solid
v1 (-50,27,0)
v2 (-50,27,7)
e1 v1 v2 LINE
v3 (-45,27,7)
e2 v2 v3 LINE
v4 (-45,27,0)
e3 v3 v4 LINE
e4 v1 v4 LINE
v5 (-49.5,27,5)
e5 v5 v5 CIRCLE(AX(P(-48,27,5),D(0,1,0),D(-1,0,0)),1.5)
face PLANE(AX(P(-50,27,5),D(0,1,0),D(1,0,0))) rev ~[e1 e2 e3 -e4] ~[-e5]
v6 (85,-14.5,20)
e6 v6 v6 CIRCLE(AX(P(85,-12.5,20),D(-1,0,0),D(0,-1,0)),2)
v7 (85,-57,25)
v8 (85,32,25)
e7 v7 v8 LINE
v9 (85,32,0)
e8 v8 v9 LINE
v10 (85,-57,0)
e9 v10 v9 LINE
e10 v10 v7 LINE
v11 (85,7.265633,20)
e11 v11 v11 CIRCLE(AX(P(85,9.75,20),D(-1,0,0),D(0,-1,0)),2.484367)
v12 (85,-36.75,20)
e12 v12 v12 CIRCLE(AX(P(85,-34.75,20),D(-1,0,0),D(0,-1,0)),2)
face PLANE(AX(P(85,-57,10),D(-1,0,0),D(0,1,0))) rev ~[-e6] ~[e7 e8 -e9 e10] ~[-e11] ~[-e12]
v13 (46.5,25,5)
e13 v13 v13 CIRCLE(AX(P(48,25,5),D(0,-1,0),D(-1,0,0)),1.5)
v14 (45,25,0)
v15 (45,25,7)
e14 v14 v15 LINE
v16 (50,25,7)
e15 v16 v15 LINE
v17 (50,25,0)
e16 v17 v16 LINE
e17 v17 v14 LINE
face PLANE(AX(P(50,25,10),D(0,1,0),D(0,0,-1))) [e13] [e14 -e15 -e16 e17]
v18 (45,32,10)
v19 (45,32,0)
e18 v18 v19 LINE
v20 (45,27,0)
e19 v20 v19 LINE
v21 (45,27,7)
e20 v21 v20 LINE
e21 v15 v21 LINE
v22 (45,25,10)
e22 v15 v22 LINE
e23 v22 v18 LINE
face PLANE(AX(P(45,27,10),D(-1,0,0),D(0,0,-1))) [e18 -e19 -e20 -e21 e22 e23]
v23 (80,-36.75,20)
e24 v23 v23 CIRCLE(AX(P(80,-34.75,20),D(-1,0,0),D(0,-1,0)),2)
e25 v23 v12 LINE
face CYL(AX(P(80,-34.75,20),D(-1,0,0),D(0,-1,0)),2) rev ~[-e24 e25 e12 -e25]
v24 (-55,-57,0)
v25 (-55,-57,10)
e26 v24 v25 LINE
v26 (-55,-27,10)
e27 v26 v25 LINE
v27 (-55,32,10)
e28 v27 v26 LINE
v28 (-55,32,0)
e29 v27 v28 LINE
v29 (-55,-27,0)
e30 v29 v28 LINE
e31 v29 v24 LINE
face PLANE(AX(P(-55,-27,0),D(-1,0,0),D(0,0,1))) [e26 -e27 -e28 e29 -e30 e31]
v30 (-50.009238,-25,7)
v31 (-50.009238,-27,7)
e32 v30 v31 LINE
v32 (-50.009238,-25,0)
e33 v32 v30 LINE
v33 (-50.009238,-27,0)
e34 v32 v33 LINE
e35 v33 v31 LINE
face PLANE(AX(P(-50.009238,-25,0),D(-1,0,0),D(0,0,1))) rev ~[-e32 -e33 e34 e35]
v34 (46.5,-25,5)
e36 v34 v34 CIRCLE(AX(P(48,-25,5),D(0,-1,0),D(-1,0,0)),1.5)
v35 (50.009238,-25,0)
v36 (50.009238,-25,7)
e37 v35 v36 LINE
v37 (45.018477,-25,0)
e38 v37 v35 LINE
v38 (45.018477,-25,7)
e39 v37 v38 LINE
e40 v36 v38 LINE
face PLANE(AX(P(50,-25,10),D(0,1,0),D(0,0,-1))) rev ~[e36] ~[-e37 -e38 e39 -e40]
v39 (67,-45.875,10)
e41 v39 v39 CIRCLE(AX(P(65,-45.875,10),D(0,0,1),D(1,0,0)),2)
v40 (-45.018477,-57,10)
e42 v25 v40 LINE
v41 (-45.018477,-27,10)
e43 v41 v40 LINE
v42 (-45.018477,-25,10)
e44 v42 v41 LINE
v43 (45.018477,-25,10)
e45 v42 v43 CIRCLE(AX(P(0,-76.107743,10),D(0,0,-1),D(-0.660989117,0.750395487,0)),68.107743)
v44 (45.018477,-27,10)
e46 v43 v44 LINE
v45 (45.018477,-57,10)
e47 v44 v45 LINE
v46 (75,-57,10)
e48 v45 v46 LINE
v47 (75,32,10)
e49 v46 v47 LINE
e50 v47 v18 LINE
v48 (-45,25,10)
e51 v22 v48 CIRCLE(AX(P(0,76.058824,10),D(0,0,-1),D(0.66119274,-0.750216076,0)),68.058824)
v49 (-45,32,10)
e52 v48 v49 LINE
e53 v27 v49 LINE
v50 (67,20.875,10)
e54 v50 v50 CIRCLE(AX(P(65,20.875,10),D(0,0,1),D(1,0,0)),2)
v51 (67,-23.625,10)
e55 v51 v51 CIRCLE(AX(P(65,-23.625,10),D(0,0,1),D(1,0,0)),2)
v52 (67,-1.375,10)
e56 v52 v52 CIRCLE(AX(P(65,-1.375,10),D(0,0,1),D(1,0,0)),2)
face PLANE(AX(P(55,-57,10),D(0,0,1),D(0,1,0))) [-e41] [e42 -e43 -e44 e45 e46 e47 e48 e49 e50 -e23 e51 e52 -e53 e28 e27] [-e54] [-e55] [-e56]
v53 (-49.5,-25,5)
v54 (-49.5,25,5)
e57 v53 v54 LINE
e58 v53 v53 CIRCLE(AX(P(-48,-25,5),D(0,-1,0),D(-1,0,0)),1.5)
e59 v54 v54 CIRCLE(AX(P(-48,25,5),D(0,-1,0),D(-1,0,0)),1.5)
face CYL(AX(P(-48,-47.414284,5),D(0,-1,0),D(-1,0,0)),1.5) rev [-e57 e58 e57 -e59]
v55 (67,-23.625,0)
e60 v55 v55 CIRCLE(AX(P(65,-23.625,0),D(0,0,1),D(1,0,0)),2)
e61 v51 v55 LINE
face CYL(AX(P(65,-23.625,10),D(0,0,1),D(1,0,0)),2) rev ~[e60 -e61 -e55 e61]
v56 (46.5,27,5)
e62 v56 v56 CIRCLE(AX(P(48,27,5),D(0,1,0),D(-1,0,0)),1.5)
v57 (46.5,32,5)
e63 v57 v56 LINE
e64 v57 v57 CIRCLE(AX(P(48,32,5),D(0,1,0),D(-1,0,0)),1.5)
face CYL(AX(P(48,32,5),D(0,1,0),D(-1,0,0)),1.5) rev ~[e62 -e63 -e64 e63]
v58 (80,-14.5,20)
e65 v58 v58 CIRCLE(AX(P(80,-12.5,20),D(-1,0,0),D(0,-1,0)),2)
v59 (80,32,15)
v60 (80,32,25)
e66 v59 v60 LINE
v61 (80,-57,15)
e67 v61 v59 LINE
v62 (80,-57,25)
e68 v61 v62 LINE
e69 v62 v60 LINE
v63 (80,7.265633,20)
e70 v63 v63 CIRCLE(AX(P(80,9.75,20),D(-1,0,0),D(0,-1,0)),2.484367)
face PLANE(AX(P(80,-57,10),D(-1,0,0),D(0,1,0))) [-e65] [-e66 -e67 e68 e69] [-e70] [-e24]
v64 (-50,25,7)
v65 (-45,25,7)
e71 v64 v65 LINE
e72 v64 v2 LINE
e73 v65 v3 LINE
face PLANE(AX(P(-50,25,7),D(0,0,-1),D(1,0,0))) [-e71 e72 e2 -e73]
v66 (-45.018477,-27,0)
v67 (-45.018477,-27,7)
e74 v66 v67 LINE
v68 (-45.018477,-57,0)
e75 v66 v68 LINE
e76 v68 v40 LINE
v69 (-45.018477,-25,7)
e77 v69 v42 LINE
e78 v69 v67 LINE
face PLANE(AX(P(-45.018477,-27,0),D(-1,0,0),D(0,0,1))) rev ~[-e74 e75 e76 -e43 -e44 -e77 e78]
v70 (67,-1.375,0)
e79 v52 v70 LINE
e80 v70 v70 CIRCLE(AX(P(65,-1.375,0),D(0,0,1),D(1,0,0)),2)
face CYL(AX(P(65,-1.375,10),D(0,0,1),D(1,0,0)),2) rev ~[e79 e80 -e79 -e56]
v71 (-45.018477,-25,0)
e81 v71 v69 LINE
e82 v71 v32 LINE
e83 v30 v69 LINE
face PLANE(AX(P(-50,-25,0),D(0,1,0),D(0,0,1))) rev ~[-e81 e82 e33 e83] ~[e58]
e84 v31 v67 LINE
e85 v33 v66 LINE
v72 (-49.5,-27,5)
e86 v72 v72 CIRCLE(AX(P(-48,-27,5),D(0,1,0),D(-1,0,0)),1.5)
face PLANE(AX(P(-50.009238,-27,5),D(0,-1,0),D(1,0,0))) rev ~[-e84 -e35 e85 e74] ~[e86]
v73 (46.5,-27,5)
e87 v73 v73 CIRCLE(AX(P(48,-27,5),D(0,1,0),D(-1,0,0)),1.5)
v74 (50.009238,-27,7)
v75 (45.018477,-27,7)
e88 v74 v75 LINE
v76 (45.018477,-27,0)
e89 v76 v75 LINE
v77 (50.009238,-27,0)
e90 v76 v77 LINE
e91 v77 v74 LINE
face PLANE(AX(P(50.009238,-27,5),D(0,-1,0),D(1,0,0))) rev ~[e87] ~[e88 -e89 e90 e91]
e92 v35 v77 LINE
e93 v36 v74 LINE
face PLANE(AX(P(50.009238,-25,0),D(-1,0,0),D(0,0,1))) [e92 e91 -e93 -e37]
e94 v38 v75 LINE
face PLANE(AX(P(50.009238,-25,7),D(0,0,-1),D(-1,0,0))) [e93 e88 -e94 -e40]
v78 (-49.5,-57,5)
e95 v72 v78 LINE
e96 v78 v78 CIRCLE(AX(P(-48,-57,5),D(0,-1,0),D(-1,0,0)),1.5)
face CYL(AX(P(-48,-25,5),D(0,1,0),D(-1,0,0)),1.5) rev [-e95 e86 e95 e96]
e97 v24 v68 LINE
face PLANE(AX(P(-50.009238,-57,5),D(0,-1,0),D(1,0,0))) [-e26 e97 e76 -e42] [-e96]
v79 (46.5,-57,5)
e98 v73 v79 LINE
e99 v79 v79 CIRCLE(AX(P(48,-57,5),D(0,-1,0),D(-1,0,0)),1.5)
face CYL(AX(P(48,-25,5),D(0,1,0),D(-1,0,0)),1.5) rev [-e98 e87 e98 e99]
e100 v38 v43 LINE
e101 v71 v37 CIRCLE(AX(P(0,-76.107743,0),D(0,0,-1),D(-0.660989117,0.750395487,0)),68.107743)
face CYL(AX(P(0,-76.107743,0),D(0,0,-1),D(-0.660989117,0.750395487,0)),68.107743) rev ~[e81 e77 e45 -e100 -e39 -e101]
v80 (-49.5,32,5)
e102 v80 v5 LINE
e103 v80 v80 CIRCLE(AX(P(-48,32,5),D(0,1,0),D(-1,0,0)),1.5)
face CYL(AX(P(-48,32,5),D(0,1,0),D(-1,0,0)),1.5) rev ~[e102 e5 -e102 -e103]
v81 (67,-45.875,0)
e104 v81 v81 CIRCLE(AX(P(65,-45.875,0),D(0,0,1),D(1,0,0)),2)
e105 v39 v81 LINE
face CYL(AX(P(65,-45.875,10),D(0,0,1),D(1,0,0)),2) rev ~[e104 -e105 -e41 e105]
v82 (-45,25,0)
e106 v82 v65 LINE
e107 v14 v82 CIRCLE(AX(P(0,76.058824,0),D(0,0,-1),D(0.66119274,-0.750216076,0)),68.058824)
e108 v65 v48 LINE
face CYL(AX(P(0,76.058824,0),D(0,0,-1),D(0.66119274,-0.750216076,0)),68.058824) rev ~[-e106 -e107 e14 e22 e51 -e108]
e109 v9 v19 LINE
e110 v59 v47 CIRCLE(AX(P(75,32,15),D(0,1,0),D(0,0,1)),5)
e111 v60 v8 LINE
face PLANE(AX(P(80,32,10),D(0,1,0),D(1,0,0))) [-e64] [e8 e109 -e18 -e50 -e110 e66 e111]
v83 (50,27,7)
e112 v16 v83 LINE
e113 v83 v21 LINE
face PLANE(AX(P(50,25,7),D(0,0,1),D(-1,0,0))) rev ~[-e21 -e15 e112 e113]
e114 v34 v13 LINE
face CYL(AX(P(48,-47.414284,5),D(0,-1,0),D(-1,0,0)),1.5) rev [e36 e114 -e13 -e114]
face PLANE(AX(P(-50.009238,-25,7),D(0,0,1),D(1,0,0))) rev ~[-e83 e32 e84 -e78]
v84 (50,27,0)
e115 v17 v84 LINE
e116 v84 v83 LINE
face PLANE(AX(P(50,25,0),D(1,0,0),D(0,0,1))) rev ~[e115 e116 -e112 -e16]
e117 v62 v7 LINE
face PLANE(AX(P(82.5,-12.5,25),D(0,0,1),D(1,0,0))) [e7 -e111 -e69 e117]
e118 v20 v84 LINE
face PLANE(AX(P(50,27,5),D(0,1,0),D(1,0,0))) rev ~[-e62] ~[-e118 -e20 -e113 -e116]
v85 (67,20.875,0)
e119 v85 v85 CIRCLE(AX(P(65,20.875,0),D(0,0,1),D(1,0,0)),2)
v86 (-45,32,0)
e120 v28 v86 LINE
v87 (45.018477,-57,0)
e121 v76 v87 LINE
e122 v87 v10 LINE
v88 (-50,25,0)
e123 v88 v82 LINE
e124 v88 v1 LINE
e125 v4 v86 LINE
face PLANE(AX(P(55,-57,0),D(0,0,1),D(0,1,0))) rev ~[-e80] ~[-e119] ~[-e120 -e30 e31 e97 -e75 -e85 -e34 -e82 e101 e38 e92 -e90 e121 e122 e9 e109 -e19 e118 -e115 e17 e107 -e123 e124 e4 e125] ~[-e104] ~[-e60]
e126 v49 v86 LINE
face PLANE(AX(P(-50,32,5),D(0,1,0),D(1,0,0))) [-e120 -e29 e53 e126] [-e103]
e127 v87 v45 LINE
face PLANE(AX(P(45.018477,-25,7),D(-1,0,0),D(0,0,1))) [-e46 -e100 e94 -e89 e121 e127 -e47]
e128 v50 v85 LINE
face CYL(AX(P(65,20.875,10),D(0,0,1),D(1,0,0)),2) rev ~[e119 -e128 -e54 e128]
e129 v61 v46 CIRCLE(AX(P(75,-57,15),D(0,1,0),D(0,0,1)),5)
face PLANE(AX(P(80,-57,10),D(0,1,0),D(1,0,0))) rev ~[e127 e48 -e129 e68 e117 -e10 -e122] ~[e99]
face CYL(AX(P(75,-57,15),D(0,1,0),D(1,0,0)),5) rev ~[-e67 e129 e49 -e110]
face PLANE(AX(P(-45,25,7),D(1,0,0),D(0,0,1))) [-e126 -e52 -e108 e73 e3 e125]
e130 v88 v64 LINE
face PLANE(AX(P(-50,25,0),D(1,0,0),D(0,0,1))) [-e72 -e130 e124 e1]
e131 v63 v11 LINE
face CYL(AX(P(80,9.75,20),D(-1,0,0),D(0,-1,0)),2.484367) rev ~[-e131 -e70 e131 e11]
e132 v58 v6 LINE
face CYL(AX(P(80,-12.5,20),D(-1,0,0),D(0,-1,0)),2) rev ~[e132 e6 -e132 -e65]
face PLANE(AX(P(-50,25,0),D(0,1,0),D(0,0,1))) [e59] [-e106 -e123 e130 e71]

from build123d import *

# Parameters (mm, degrees)
BOSS_EXTRUDE1_DEPTH     = 10
CUT_EXTRUDE1_DEPTH      = 72.414284285
CUT_EXTRUDE1_DEPTH_BACK = 72.414284285
SKETCH2_R               = 1.5
SKETCH9_W               = 10
SKETCH9_H               = 50
BOSS_EXTRUDE9_DEPTH     = 5
SKETCH10_W              = 10
SKETCH10_H              = 50
BOSS_EXTRUDE10_DEPTH    = 5
BOSS_EXTRUDE11_DEPTH    = 2
SKETCH12_W              = 10
SKETCH12_H              = 10
BOSS_EXTRUDE12_DEPTH    = 5
CUT_EXTRUDE2_START      = 7
SKETCH13_R              = 1.5
CUT_EXTRUDE2_DEPTH      = 7
BOSS_EXTRUDE13_DEPTH    = 2
SKETCH15_W              = 9.981523119
SKETCH15_H              = 10
BOSS_EXTRUDE14_DEPTH    = 30
SKETCH16_R              = 1.5
CUT_EXTRUDE3_DEPTH      = 32
SKETCH18_W              = 10
SKETCH18_H              = 89
BOSS_EXTRUDE15_DEPTH    = 30
SKETCH19_W              = 5
SKETCH19_H              = 89
BOSS_EXTRUDE16_DEPTH    = 15
FILLET1_R               = 5
SKETCH20_R              = 2.48436703
SKETCH20_R_2            = 2
CUT_EXTRUDE4_DEPTH      = 149.657324071
SKETCH22_R              = 2
CUT_EXTRUDE5_DEPTH      = 104.435970532


with BuildPart() as part:
    # Sketch1 → Boss-Extrude1 (new body)
    with BuildSketch(Plane.XY):
        with BuildLine():
            Line((45.018476881, -25), (50, -25))
            Line((50, -25), (50, 25))
            Line((50, 25), (45, 25))
            ThreePointArc((45, 25), (0, 8), (-45, 25))
            Line((-45, 25), (-50, 25))
            Line((-50, 25), (-50, -25))
            Line((-50, -25), (-45.018476881, -25))
            ThreePointArc((-45.018476881, -25), (0, -8), (45.018476881, -25))
        make_face()
    extrude(amount=BOSS_EXTRUDE1_DEPTH)

    # Sketch2 → Cut-Extrude1 (cut, two sides: drawn at the far end of the back side and taken through both)
    with BuildSketch(Plane(origin=(0, 25, 0), x_dir=(1, 0, 0), z_dir=(0, 1, 0)).offset(-CUT_EXTRUDE1_DEPTH_BACK)):
        with Locations(Location((-48, -5, 0), (0, 0, 180))):
            Circle(SKETCH2_R)
        with Locations(Location((48, -5, 0), (0, 0, 180))):
            Circle(SKETCH2_R)
    extrude(amount=CUT_EXTRUDE1_DEPTH + CUT_EXTRUDE1_DEPTH_BACK, mode=Mode.SUBTRACT)

    # Sketch9 → Boss-Extrude9 (add)
    with BuildSketch(Plane(origin=(50, 0, 0), x_dir=(0, 0, -1), z_dir=(1, 0, 0))):
        with Locations((-5, 0)):
            Rectangle(SKETCH9_W, SKETCH9_H)
    extrude(amount=BOSS_EXTRUDE9_DEPTH)

    # Sketch10 → Boss-Extrude10 (add)
    with BuildSketch(Plane.ZY.offset(50)):
        with Locations((5, 0)):
            Rectangle(SKETCH10_W, SKETCH10_H)
    extrude(amount=BOSS_EXTRUDE10_DEPTH)

    # Sketch11 → Boss-Extrude11 (add)
    with BuildSketch(Plane(origin=(0, 25, 0), x_dir=(1, 0, 0), z_dir=(0, 1, 0))):
        Polygon((50, 0), (50, -7), (45, -7), (45, -10), (55, -10), (55, 0), align=None)
        Polygon((-50, 0), (-50, -7), (-45, -7), (-45, -10), (-55, -10), (-55, 0), align=None)
    extrude(amount=BOSS_EXTRUDE11_DEPTH)

    # Sketch12 → Boss-Extrude12 (add)
    with BuildSketch(Plane(origin=(0, 27, 0), x_dir=(1, 0, 0), z_dir=(0, 1, 0))):
        with Locations((50, -5)):
            Rectangle(SKETCH12_W, SKETCH12_H)
        with Locations((-50, -5)):
            Rectangle(SKETCH12_W, SKETCH12_H)
    extrude(amount=BOSS_EXTRUDE12_DEPTH)

    # Sketch13 → Cut-Extrude2 (cut)
    with BuildSketch(Plane(origin=(0, 25, 0), x_dir=(1, 0, 0), z_dir=(0, 1, 0)).offset(CUT_EXTRUDE2_START)):
        with Locations(Location((48, -5, 0), (0, 0, 180))):
            Circle(SKETCH13_R)
        with Locations(Location((-48, -5, 0), (0, 0, 180))):
            Circle(SKETCH13_R)
    extrude(amount=-CUT_EXTRUDE2_DEPTH, mode=Mode.SUBTRACT)

    # Sketch14 → Boss-Extrude13 (add)
    with BuildSketch(Plane.XZ.offset(25)):
        Polygon((50.009238441, 0), (50.009238441, 7), (45.018476881, 7), (45.018476881, 10), (55, 10), (55, 0), align=None)
        Polygon((-50.009238441, 0), (-50.009238441, 7), (-45.018476881, 7), (-45.018476881, 10), (-55, 10), (-55, 0), align=None)
    extrude(amount=BOSS_EXTRUDE13_DEPTH)

    # Sketch15 → Boss-Extrude14 (add)
    with BuildSketch(Plane.XZ.offset(27)):
        with Locations((-50.00923844, 5)):
            Rectangle(SKETCH15_W, SKETCH15_H)
        with Locations((50.00923844, 5)):
            Rectangle(SKETCH15_W, SKETCH15_H)
    extrude(amount=BOSS_EXTRUDE14_DEPTH)

    # Sketch16 → Cut-Extrude3 (cut)
    with BuildSketch(Plane.XZ.offset(25)):
        with Locations(Location((48, 5, 0), (0, 0, 180))):
            Circle(SKETCH16_R)
        with Locations(Location((-48, 5, 0), (0, 0, 180))):
            Circle(SKETCH16_R)
    extrude(amount=CUT_EXTRUDE3_DEPTH, mode=Mode.SUBTRACT)

    # Sketch18 → Boss-Extrude15 (add)
    with BuildSketch(Plane(origin=(55, 0, 0), x_dir=(0, 0, -1), z_dir=(1, 0, 0))):
        with Locations((-5, -12.5)):
            Rectangle(SKETCH18_W, SKETCH18_H)
    extrude(amount=BOSS_EXTRUDE15_DEPTH)

    # Sketch19 → Boss-Extrude16 (add)
    with BuildSketch(Plane.XY.offset(10)):
        with Locations((82.5, -12.5)):
            Rectangle(SKETCH19_W, SKETCH19_H)
    extrude(amount=BOSS_EXTRUDE16_DEPTH)

    # Fillet1
    fillet1_edges = [part.edges().sort_by_distance(p)[0] for p in [
        (80, -12.5, 10),
    ]]
    fillet(fillet1_edges, radius=FILLET1_R)

    # Sketch20 → Cut-Extrude4 (cut, through all)
    with BuildSketch(Plane.ZY.offset(-80)):
        with Locations(Location((20, 9.75, 0), (0, 0, 270))):
            Circle(SKETCH20_R)
        with Locations(Location((20, -12.5, 0), (0, 0, 270))):
            Circle(SKETCH20_R_2)
        with Locations(Location((20, -34.75, 0), (0, 0, 270))):
            Circle(SKETCH20_R_2)
    extrude(amount=-CUT_EXTRUDE4_DEPTH, mode=Mode.SUBTRACT)

    # Sketch22 → Cut-Extrude5 (cut, through all)
    with BuildSketch(Plane.XY.offset(10)):
        with Locations((65, 20.875)):
            Circle(SKETCH22_R)
        with Locations((65, -1.375)):
            Circle(SKETCH22_R)
        with Locations((65, -23.625)):
            Circle(SKETCH22_R)
        with Locations((65, -45.875)):
            Circle(SKETCH22_R)
    extrude(amount=-CUT_EXTRUDE5_DEPTH, mode=Mode.SUBTRACT)


solid = part.part
